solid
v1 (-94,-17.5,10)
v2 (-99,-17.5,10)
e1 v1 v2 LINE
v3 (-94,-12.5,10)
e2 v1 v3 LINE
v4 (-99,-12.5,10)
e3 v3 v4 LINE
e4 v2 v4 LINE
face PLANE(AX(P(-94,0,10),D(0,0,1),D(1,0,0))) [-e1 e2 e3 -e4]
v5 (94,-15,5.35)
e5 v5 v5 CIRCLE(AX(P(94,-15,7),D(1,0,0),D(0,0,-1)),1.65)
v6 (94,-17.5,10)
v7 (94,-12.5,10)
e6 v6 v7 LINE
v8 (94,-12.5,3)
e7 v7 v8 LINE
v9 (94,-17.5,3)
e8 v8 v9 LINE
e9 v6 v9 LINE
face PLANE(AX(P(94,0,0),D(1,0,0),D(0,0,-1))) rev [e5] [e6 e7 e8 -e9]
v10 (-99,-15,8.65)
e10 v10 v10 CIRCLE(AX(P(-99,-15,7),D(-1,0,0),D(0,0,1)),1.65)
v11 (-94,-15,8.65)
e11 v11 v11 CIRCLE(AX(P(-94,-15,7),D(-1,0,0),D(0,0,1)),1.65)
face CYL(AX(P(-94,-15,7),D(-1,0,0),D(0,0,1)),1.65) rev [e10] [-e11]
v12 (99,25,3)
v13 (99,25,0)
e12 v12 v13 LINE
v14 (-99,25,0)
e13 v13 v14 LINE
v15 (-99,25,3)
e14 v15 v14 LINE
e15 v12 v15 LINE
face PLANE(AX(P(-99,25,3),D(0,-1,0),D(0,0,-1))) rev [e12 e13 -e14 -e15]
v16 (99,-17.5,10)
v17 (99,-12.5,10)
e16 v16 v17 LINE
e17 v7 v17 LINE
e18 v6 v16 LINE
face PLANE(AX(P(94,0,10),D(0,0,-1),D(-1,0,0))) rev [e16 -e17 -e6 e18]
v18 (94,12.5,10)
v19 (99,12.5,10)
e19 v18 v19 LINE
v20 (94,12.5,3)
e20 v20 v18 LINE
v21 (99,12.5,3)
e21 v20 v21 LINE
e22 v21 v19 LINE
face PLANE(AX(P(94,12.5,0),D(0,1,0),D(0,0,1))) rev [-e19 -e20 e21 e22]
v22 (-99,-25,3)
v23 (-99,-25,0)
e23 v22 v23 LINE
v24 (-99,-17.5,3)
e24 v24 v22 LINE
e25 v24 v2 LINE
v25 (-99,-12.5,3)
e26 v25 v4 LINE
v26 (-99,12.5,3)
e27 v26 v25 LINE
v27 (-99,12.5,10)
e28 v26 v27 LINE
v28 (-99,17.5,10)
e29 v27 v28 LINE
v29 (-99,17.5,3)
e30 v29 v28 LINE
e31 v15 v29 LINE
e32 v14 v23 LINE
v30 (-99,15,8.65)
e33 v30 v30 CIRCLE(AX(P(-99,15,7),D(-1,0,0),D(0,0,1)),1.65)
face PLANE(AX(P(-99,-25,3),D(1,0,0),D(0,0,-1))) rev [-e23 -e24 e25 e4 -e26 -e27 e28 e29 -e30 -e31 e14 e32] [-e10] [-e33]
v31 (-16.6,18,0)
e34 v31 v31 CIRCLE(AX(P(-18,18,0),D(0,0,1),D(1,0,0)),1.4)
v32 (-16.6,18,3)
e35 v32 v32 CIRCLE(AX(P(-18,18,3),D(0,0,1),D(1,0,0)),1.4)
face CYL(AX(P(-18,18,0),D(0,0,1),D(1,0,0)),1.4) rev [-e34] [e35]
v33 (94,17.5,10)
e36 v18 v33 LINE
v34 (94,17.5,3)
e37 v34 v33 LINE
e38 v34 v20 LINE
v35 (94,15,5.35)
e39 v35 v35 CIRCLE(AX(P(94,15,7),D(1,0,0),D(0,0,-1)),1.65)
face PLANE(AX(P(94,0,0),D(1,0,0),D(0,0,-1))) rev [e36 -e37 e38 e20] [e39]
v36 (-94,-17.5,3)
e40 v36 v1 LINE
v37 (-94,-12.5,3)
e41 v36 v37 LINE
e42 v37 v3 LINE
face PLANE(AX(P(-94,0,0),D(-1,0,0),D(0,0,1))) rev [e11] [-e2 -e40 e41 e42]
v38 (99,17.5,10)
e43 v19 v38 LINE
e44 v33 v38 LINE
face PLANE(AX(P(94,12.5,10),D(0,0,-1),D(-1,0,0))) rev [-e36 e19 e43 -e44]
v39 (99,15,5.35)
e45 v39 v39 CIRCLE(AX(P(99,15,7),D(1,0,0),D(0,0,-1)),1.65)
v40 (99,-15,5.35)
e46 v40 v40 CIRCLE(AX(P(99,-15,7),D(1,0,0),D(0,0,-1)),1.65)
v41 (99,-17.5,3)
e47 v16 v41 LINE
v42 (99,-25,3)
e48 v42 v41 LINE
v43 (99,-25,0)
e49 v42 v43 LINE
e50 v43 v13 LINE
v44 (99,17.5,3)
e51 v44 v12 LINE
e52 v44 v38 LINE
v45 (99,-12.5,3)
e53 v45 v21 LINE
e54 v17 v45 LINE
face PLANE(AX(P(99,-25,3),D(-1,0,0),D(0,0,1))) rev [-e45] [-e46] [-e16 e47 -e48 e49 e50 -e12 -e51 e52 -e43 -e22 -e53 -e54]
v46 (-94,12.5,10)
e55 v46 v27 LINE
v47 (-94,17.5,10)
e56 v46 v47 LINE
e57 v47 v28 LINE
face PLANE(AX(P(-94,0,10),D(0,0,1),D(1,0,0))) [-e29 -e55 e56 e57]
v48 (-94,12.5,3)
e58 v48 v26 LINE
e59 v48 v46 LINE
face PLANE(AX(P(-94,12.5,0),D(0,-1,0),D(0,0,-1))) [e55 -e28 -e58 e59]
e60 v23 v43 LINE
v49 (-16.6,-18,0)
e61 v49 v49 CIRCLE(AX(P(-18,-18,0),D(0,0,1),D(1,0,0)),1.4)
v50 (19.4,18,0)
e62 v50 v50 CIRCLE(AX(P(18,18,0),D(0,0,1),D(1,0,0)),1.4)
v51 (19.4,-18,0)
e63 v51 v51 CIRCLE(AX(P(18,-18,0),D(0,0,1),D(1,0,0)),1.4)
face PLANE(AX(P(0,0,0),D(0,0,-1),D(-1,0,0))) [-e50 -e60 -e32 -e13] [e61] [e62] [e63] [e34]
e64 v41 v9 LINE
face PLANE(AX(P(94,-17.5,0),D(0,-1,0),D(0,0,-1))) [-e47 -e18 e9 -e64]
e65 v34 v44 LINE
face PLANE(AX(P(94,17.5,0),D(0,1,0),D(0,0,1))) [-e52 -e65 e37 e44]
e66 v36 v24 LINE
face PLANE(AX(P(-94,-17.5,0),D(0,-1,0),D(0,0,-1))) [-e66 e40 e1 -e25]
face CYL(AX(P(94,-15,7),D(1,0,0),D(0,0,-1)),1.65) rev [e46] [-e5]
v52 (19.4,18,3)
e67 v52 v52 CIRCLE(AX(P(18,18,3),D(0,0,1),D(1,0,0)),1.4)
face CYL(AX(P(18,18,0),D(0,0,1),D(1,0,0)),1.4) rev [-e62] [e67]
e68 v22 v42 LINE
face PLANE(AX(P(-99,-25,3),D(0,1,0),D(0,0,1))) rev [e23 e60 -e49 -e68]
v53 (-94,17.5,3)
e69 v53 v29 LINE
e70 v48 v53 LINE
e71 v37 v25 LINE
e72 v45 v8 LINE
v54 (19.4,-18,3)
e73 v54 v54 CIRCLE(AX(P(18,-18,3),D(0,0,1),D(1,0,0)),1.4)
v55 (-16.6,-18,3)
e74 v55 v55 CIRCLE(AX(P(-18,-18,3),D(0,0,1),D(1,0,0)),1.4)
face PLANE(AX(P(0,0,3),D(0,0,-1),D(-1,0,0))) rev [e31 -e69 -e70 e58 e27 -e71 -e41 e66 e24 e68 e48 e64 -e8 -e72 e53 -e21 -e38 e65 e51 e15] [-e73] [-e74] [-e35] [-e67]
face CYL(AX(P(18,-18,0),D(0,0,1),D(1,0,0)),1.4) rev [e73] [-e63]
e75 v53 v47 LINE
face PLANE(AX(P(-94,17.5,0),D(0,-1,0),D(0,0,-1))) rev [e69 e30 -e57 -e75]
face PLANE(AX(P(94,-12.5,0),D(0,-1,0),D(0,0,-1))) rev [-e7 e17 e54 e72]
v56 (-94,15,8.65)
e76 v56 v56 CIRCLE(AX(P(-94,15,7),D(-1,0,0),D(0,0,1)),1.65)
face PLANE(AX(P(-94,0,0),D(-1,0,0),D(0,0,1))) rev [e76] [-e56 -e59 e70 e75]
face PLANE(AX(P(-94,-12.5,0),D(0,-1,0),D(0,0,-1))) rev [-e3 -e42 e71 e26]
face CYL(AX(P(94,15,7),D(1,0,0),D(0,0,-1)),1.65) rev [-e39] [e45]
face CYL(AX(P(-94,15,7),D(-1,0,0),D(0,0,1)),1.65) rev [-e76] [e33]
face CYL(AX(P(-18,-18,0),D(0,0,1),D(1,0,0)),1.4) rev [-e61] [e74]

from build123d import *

# Parameters (mm, degrees)
SKETCH_1_W          = 198
SKETCH_1_H          = 50
EXTRUDE_1_DEPTH     = 3
SKETCH_4_W          = 10
SKETCH_4_H          = 5
SKETCH_4_R          = 1.65
EXTRUDE_2_DEPTH     = 5
SKETCH_5_W          = 10
SKETCH_5_H          = 5
SKETCH_5_R          = 1.65
EXTRUDE_3_DEPTH     = 5
SKETCH_6_R          = 1.4
CUT_EXTRUDE_3_DEPTH = 3


with BuildPart() as part:
    # 草图1 → 凸台-拉伸1 (new body)
    with BuildSketch(Plane.XY):
        Rectangle(SKETCH_1_W, SKETCH_1_H)
    extrude(amount=EXTRUDE_1_DEPTH)

    # 草图4 → 凸台-拉伸2 (add)
    with BuildSketch(Plane.ZY.offset(99)):
        with Locations((5, 15)):
            Rectangle(SKETCH_4_W, SKETCH_4_H)
        with Locations((7, 15)):
            Circle(SKETCH_4_R, mode=Mode.SUBTRACT)
        with Locations((5, -15)):
            Rectangle(SKETCH_4_W, SKETCH_4_H)
        with Locations((7, -15)):
            Circle(SKETCH_4_R, mode=Mode.SUBTRACT)
    extrude(amount=-EXTRUDE_2_DEPTH)

    # 草图5 → 凸台-拉伸3 (add)
    with BuildSketch(Plane(origin=(99, 0, 0), x_dir=(0, 0, -1), z_dir=(1, 0, 0))):
        with Locations((-5, 15)):
            Rectangle(SKETCH_5_W, SKETCH_5_H)
        with Locations((-7, 15)):
            Circle(SKETCH_5_R, mode=Mode.SUBTRACT)
        with Locations((-5, -15)):
            Rectangle(SKETCH_5_W, SKETCH_5_H)
        with Locations((-7, -15)):
            Circle(SKETCH_5_R, mode=Mode.SUBTRACT)
    extrude(amount=-EXTRUDE_3_DEPTH)

    # 草图6 → 切除-拉伸3 (cut)
    with BuildSketch(Plane.XY.offset(3)):
        with Locations((-18, 18)):
            Circle(SKETCH_6_R)
        with Locations((18, 18)):
            Circle(SKETCH_6_R)
        with Locations((18, -18)):
            Circle(SKETCH_6_R)
        with Locations((-18, -18)):
            Circle(SKETCH_6_R)
    extrude(amount=-CUT_EXTRUDE_3_DEPTH, mode=Mode.SUBTRACT)


solid = part.part
